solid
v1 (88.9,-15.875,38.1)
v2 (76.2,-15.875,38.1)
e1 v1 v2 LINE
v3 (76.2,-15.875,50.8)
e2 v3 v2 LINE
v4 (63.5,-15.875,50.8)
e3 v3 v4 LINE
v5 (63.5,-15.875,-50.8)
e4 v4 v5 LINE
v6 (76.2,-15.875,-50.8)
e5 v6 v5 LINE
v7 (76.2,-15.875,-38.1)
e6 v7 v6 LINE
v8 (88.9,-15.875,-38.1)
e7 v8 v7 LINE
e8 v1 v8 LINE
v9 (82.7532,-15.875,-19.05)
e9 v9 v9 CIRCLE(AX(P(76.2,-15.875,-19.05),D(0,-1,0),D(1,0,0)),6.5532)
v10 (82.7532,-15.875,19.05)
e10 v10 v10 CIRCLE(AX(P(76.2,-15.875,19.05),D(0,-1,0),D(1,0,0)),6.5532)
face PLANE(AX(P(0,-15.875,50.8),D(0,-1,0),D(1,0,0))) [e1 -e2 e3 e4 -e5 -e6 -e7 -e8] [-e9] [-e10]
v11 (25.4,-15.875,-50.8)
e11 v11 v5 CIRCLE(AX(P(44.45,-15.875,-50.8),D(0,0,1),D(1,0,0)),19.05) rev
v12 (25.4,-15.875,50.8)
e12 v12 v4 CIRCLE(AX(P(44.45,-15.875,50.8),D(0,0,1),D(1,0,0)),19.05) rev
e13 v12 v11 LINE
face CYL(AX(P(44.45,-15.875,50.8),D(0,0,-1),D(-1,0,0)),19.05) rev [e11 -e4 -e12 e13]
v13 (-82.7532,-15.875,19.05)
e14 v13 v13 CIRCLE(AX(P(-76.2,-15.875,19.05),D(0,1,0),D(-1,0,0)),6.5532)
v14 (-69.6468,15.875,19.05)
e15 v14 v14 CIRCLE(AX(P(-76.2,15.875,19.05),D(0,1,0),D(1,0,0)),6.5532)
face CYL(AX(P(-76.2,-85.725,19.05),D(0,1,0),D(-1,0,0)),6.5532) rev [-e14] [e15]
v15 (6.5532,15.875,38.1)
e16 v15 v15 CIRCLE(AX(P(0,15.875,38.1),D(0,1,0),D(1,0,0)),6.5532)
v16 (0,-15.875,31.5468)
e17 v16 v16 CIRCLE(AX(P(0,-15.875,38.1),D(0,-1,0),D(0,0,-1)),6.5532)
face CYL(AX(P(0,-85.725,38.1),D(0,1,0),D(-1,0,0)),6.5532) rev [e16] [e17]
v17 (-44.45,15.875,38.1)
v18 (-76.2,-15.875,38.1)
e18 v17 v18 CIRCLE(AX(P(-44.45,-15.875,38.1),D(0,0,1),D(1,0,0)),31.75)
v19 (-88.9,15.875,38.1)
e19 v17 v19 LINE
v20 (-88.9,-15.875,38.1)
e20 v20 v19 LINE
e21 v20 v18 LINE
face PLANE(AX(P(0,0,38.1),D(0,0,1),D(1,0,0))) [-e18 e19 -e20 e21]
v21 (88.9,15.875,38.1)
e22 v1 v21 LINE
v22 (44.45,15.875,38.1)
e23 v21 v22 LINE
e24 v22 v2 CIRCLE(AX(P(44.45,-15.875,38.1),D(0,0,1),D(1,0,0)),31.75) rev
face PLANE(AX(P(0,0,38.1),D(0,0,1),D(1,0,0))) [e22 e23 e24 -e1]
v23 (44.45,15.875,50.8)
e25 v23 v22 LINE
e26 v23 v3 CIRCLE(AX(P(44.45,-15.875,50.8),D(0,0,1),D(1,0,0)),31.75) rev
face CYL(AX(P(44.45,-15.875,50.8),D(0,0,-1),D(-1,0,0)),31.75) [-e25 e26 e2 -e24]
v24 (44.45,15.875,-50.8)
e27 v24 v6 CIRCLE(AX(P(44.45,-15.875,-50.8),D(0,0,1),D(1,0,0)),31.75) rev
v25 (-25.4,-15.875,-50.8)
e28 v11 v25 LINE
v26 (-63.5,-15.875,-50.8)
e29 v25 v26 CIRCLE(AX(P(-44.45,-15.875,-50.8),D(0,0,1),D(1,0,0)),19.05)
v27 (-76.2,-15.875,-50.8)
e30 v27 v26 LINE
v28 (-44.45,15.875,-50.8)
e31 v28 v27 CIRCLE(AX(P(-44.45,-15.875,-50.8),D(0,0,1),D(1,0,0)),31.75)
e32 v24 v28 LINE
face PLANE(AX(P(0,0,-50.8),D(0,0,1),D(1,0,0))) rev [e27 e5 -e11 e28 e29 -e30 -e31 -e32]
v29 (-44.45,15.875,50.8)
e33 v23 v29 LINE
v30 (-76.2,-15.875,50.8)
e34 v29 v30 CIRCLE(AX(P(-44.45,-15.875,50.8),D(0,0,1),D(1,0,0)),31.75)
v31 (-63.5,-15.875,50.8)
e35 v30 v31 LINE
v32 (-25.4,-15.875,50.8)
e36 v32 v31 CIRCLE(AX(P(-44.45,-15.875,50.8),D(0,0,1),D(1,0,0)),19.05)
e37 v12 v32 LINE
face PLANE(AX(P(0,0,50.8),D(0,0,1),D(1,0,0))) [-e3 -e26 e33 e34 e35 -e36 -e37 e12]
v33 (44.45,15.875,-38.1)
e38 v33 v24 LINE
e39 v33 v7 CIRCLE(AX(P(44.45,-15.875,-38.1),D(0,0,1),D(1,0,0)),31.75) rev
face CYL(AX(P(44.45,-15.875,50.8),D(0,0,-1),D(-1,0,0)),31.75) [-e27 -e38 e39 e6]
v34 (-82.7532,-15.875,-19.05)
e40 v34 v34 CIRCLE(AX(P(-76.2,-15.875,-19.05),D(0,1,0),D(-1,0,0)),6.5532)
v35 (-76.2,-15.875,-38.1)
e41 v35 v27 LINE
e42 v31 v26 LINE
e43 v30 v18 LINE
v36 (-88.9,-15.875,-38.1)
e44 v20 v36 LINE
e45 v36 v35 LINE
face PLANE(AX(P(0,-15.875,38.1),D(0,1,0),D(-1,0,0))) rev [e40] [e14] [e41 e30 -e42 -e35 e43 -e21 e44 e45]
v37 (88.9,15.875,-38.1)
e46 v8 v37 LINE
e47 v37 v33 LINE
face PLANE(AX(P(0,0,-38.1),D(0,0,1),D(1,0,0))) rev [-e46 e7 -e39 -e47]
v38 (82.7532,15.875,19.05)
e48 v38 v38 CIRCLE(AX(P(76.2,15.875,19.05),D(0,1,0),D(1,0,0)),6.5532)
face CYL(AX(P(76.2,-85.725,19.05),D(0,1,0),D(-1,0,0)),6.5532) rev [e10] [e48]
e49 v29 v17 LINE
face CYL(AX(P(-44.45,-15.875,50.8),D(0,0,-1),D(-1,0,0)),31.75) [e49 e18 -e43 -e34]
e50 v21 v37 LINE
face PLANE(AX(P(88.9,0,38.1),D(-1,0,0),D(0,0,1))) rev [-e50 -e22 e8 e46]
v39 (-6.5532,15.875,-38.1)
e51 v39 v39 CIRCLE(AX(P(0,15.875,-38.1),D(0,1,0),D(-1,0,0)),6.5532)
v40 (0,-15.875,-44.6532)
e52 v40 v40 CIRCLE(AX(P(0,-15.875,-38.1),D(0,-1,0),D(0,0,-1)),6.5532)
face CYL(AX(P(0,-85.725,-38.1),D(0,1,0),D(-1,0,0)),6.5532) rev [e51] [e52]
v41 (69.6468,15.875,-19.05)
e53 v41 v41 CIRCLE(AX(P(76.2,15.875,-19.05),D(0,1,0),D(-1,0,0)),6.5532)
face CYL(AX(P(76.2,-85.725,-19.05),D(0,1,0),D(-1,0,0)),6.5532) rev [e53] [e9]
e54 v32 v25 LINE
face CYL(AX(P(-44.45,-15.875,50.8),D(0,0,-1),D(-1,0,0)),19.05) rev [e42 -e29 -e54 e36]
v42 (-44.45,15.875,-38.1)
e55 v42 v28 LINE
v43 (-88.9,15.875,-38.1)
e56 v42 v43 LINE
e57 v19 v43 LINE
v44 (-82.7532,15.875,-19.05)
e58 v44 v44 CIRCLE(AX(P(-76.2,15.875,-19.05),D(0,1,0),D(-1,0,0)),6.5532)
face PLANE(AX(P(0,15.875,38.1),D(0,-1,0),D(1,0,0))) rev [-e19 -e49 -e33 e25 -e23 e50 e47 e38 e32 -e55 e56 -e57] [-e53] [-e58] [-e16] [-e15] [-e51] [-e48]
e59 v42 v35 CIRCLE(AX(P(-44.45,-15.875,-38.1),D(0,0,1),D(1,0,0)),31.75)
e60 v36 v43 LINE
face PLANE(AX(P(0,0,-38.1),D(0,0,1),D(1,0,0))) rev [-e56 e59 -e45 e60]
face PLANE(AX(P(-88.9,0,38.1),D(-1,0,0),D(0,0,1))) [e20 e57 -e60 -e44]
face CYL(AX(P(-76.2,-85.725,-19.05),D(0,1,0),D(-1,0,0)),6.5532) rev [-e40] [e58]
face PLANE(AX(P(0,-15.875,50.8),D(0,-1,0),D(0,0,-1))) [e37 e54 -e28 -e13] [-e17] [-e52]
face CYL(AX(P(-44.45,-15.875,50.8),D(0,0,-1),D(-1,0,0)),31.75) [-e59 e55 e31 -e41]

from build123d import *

# Parameters (mm, degrees)
BOSS_EXTRUDE9_DEPTH   = 38.1
BOSS_EXTRUDE9_2_DEPTH = 38.1
BOSS_EXTRUDE10_DEPTH  = 50.8
SKETCH3_R             = 6.5532
CUT_EXTRUDE3_DEPTH    = 101.6


with BuildPart() as part:
    # Sketch1 → Boss-Extrude9 (new, symmetric)
    with BuildSketch(Plane.XY):
        with BuildLine():
            Line((76.2, -15.875), (88.9, -15.875))
            Line((88.9, -15.875), (88.9, 15.875))
            Line((88.9, 15.875), (44.45, 15.875))
            ThreePointArc((44.45, 15.875), (66.900640303, 6.575640303), (76.2, -15.875))
        make_face()
    extrude(amount=BOSS_EXTRUDE9_DEPTH, both=True)



with BuildPart() as body_2:
    # Sketch1 → Boss-Extrude9 2 (new, symmetric)
    with BuildSketch(Plane.XY):
        with BuildLine():
            ThreePointArc((-76.2, -15.875), (-66.900640303, 6.575640303), (-44.45, 15.875))
            Line((-44.45, 15.875), (-88.9, 15.875))
            Line((-88.9, 15.875), (-88.9, -15.875))
            Line((-88.9, -15.875), (-76.2, -15.875))
        make_face()
    extrude(amount=BOSS_EXTRUDE9_2_DEPTH, both=True)


with BuildPart() as part_1:
    add(part.part)

    add(body_2.part)  # Boss-Extrude10 merges body 2
    # Sketch1<11> → Boss-Extrude10 (add, symmetric)
    with BuildSketch(Plane.XY):
        with BuildLine():
            Line((63.5, -15.875), (76.2, -15.875))
            ThreePointArc((76.2, -15.875), (66.900640303, 6.575640303), (44.45, 15.875))
            Line((44.45, 15.875), (-44.45, 15.875))
            ThreePointArc((-44.45, 15.875), (-66.900640303, 6.575640303), (-76.2, -15.875))
            Line((-76.2, -15.875), (-63.5, -15.875))
            ThreePointArc((-63.5, -15.875), (-44.45, 3.175), (-25.4, -15.875))
            Line((-25.4, -15.875), (2.119780236, -15.875))
            Line((2.119780236, -15.875), (25.4, -15.875))
            ThreePointArc((25.4, -15.875), (44.45, 3.175), (63.5, -15.875))
        make_face()
    extrude(amount=BOSS_EXTRUDE10_DEPTH, both=True)

    # Sketch3 → Cut-Extrude3 (cut)
    with BuildSketch(Plane(origin=(0, 15.875, 0), x_dir=(1, 0, 0), z_dir=(0, 1, 0))):
        with Locations((-76.2, 19.05)):
            Circle(SKETCH3_R)
        with Locations((0, 38.1)):
            Circle(SKETCH3_R)
        with Locations((76.2, 19.05)):
            Circle(SKETCH3_R)
        with Locations((76.2, -19.05)):
            Circle(SKETCH3_R)
        with Locations((0, -38.1)):
            Circle(SKETCH3_R)
        with Locations((-76.2, -19.05)):
            Circle(SKETCH3_R)
    extrude(amount=-CUT_EXTRUDE3_DEPTH, mode=Mode.SUBTRACT)


solid = part_1.part
